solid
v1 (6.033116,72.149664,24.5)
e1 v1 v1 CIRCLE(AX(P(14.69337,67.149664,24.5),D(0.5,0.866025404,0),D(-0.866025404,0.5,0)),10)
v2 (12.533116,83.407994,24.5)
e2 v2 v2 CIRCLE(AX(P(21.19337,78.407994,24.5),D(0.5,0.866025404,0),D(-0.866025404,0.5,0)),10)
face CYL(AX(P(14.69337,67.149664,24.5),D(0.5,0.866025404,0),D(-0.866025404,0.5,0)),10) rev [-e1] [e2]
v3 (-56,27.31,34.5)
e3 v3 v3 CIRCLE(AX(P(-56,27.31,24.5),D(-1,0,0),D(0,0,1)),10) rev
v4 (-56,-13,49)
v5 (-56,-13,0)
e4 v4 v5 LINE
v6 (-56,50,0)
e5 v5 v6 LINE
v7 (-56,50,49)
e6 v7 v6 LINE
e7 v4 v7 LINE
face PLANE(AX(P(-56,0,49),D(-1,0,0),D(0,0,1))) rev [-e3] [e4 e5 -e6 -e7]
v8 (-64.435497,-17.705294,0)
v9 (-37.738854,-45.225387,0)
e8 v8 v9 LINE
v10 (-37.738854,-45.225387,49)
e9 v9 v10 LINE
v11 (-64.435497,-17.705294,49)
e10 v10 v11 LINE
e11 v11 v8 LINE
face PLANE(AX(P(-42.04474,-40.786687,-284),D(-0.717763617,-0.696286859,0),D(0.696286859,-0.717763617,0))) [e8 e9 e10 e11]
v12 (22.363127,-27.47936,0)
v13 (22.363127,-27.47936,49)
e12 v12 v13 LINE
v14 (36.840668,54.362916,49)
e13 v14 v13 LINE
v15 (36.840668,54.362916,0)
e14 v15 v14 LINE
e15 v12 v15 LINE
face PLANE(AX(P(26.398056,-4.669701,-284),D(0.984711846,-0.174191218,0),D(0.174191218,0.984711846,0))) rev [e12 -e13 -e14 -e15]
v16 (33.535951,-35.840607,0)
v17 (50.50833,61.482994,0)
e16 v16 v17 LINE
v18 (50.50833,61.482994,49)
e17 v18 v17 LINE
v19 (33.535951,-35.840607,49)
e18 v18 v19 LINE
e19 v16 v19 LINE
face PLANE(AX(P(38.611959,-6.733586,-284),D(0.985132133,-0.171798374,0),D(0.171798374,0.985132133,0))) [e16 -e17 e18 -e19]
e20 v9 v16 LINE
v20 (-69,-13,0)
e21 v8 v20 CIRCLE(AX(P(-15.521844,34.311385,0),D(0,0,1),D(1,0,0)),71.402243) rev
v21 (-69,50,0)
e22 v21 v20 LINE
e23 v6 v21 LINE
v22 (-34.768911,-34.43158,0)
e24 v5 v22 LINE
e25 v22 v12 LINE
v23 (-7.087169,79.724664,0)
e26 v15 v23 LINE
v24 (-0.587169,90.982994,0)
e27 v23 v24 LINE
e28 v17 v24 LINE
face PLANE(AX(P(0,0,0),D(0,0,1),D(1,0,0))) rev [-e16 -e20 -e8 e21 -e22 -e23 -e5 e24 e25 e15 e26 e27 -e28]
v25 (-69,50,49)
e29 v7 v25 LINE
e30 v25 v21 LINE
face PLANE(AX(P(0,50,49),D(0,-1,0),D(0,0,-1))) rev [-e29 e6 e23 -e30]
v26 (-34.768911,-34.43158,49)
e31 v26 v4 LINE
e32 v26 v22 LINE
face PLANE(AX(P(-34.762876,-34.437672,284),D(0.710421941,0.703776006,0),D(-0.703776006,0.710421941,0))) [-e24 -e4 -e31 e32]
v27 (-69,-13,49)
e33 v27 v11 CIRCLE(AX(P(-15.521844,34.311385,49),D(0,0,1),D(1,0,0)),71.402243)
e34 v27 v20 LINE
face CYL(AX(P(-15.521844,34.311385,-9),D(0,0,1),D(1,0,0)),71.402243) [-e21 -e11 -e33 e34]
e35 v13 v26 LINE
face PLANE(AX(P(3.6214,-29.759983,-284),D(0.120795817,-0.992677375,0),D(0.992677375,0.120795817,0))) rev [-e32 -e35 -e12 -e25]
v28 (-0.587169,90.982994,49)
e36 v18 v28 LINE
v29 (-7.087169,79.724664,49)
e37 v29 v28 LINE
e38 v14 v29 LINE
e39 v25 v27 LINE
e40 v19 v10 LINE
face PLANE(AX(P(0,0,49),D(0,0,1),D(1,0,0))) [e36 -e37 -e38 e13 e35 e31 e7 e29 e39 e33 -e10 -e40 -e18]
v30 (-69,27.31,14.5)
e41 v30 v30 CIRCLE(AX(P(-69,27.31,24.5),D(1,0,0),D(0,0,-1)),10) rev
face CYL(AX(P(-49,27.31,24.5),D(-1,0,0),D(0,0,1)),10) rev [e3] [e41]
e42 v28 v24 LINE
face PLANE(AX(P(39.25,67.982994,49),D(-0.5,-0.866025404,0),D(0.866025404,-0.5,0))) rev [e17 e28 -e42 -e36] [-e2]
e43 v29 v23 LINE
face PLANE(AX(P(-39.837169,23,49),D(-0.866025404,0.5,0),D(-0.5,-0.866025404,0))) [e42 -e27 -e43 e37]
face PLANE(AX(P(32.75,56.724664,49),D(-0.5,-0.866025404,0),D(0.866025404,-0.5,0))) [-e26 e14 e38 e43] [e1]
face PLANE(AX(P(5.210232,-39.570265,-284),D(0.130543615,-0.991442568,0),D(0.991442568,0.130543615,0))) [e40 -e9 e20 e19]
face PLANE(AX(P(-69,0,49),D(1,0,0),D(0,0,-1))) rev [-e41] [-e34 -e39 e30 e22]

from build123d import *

# Parameters (mm, degrees)
BOSS_EXTRUDE3_DEPTH      = 49
SKETCH5_R                = 19
CUT_EXTRUDE2_DEPTH       = 49
SKETCH6_R                = 19
CUT_EXTRUDE3_DEPTH       = 49
SKETCH9_R                = 19
SKETCH9_R_2              = 10
BOSS_EXTRUDE4_DEPTH      = 13
SKETCH11_R               = 19
SKETCH11_R_2             = 10
BOSS_EXTRUDE5_DEPTH      = 13
BOSS_EXTRUDE6_DEPTH      = 58
CUT_EXTRUDE4_DEPTH       = 58
CUT_EXTRUDE5_DEPTH       = 184
BOSS_EXTRUDE7_DEPTH      = 3
BOSS_EXTRUDE7_DEPTH_BACK = 20
SKETCH18_W               = 9.328805748
SKETCH18_H               = 21.574307968
SKETCH18_W_2             = 22.550774564
SKETCH18_H_2             = 22.755980238
CUT_EXTRUDE6_DEPTH       = 535
CUT_EXTRUDE7_START       = -29
SKETCH19_R               = 10
CUT_EXTRUDE7_DEPTH       = 29
BOSS_EXTRUDE12_DEPTH     = 284
CUT_EXTRUDE9_DEPTH       = 284
BOSS_EXTRUDE13_START     = 154
BOSS_EXTRUDE13_DEPTH     = 154
SKETCH27_W               = 285.503749152
SKETCH27_H               = 203.662610786
CUT_EXTRUDE12_DEPTH      = 199
CUT_EXTRUDE13_DEPTH      = 73


with BuildPart() as part:
    # Sketch1 → Boss-Extrude3 (new body)
    with BuildSketch(Plane.XY):
        Polygon((7.505553499, -13), (50.508330249, 61.482994197), (-0.587168574, 90.982994197), (-7.087168574, 79.724663948), (32.75, 56.724663948), (0, 0), (-56, 0), (-56, 50), (-69, 50), (-69, -13), align=None)
    extrude(amount=BOSS_EXTRUDE3_DEPTH)

    # Sketch5 → Cut-Extrude2 (cut)
    with BuildSketch(Plane.ZY.offset(69)):
        with Locations((24.5, 25)):
            Circle(SKETCH5_R)
    extrude(amount=-CUT_EXTRUDE2_DEPTH, mode=Mode.SUBTRACT)

    # Sketch6 → Cut-Extrude3 (cut)
    with BuildSketch(Plane(origin=(39.25, 67.982994197, 0), x_dir=(0.8660254037844385, -0.5000000000000003, 0), z_dir=(0.5000000000000003, 0.8660254037844386, 0))):
        with Locations((-20.85, -24.5)):
            Circle(SKETCH6_R)
    extrude(amount=-CUT_EXTRUDE3_DEPTH, mode=Mode.SUBTRACT)

    # Sketch9 → Boss-Extrude4 (add)
    with BuildSketch(Plane(origin=(39.25, 67.982994197, 0), x_dir=(0.8660254037844385, -0.5000000000000003, 0), z_dir=(0.5000000000000003, 0.8660254037844386, 0))):
        with Locations((-20.85, -24.5)):
            Circle(SKETCH9_R)
        with Locations((-20.85, -24.5)):
            Circle(SKETCH9_R_2, mode=Mode.SUBTRACT)
    extrude(amount=-BOSS_EXTRUDE4_DEPTH)

    # Sketch11 → Boss-Extrude5 (add)
    with BuildSketch(Plane.ZY.offset(69)):
        with Locations((24.5, 25)):
            Circle(SKETCH11_R)
        with Locations((24.5, 25)):
            Circle(SKETCH11_R_2, mode=Mode.SUBTRACT)
    extrude(amount=-BOSS_EXTRUDE5_DEPTH)

    # Sketch12 → Boss-Extrude6 (add)
    with BuildSketch(Plane.XY.offset(49)):
        with BuildLine():
            Line((50.508330249, 61.482994197), (32.75, 56.724663948))
            ThreePointArc((32.75, 56.724663948), (16.910177277, -16.283097494), (-56, 0))
            Line((-56, 0), (-69, -13))
            ThreePointArc((-69, -13), (22.244773258, -26.285338417), (50.508330249, 61.482994197))
        make_face()
    extrude(amount=-BOSS_EXTRUDE6_DEPTH)

    # Sketch13 → Cut-Extrude4 (cut)
    with BuildSketch(Plane.XY.offset(49)):
        Polygon((32.75, 56.724663948), (39.316517917, 42.098206609), (7.505553499, -13), (-44.392822704, -13), (-56, 0), (0, 0), align=None)
    extrude(amount=-CUT_EXTRUDE4_DEPTH, mode=Mode.SUBTRACT)

    # Sketch16 → Cut-Extrude5 (cut)
    with BuildSketch(Plane.ZY.offset(69)):
        Polygon((-20.067670538, -13), (-20.067670538, 53.233474558), (-20.067670538, 98.990821442), (0, 98.990821442), (0, 53.233474558), (0, -13), (0, -105.844145432), (-20.067670538, -105.844145432), align=None)
    extrude(amount=-CUT_EXTRUDE5_DEPTH, mode=Mode.SUBTRACT)

    # Sketch17 → Boss-Extrude7 (add, two sides: drawn at the far end of the back side and taken through both)
    with BuildSketch(Plane.ZY.offset(69).offset(-BOSS_EXTRUDE7_DEPTH_BACK)):
        with BuildLine():
            ThreePointArc((34.433074801, 26.155), (24.5, 17.31), (14.566925199, 26.155))
            ThreePointArc((14.566925199, 26.155), (23.921531336, 15.01674532), (34.5, 25))
            ThreePointArc((34.5, 25), (34.48325468, 25.578468664), (34.433074801, 26.155))
        make_face()
    extrude(amount=BOSS_EXTRUDE7_DEPTH + BOSS_EXTRUDE7_DEPTH_BACK)

    # Sketch18 → Cut-Extrude6 (cut)
    with BuildSketch(Plane(origin=(0, 0, 0), x_dir=(-1, 0, 0), z_dir=(0, 0, -1))):
        with Locations((51.335597126, 20.158741433)):
            Rectangle(SKETCH18_W, SKETCH18_H)
        with Locations((80.275387282, 19.567905298)):
            Rectangle(SKETCH18_W_2, SKETCH18_H_2)
    extrude(amount=-CUT_EXTRUDE6_DEPTH, mode=Mode.SUBTRACT)

    # Sketch19 → Cut-Extrude7 (cut)
    with BuildSketch(Plane.ZY.offset(69).offset(CUT_EXTRUDE7_START)):
        with Locations((24.5, 27.31)):
            Circle(SKETCH19_R)
    extrude(amount=CUT_EXTRUDE7_DEPTH, mode=Mode.SUBTRACT)

    # Sketch21 → Boss-Extrude12 (add)
    with BuildSketch(Plane(origin=(0, 0, 0), x_dir=(-1, 0, 0), z_dir=(0, 0, -1))):
        Polygon((37.73885384, -45.225386792), (69, -13), (56, -13), (37.73885384, -31.461636701), (34.768910635, -34.431579906), (-22.363127135, -27.479360202), (-36.840667723, 54.362915837), (-48.129988201, 47.84502362), (-33.53595077, -35.840606547), align=None)
    extrude(amount=BOSS_EXTRUDE12_DEPTH)

    # Sketch23 → Cut-Extrude9 (cut)
    with BuildSketch(Plane(origin=(0, 0, 0), x_dir=(-1, 0, 0), z_dir=(0, 0, -1))):
        Polygon((-66.888962861, -18.747024991), (-37.413342103, -13.606736129), (-50.508330249, 61.482994197), (-79.983951007, 56.342705335), align=None)
        Polygon((56, 0), (-32.75, 56.724663948), (-35.984130282, 49.520865954), (-22.363127135, -27.479360202), (34.768910635, -34.431579906), (56, -13), align=None)
    extrude(amount=-CUT_EXTRUDE9_DEPTH, mode=Mode.SUBTRACT)

    # Sketch26 → Boss-Extrude13 (add)
    with BuildSketch(Plane.XY.offset(BOSS_EXTRUDE13_START)):
        with BuildLine():
            ThreePointArc((19.690093366, -27.804633355), (-24.032626354, -36.581822551), (-64.435496773, -17.705293954))
            Line((-64.435496773, -17.705293954), (-37.73885384, -45.225386792))
            Line((-37.73885384, -45.225386792), (33.53595077, -35.840606547))
            Line((33.53595077, -35.840606547), (48.129988201, 47.84502362))
            Line((48.129988201, 47.84502362), (35.984130282, 49.520865954))
            Line((35.984130282, 49.520865954), (22.363127135, -27.479360202))
            Line((22.363127135, -27.479360202), (19.690093366, -27.804633355))
        make_face()
    extrude(amount=-BOSS_EXTRUDE13_DEPTH)

    # Sketch27 → Cut-Extrude12 (cut)
    with BuildSketch(Plane(origin=(39.25, 67.982994197, 0), x_dir=(0.8660254037844385, -0.5000000000000003, 0), z_dir=(0.5000000000000003, 0.8660254037844386, 0))):
        with Locations((-30.536562906, -150.831305393)):
            Rectangle(SKETCH27_W, SKETCH27_H)
        Polygon((-173.288437482, 0), (177.590878736, 0), (177.590878736, 352.418162382), (-178.957111939, 352.418162382), (-178.957111939, 168.477547877), (-173.288437482, 168.477547877), align=None)
    extrude(amount=-CUT_EXTRUDE12_DEPTH, mode=Mode.SUBTRACT)

    # Sketch28 → Cut-Extrude13 (cut)
    with BuildSketch(Plane.XY.offset(49)):
        Polygon((32.75, 56.724663948), (36.840667723, 54.362915837), (35.984130282, 49.520865954), align=None)
    extrude(amount=-CUT_EXTRUDE13_DEPTH, mode=Mode.SUBTRACT)


solid = part.part
